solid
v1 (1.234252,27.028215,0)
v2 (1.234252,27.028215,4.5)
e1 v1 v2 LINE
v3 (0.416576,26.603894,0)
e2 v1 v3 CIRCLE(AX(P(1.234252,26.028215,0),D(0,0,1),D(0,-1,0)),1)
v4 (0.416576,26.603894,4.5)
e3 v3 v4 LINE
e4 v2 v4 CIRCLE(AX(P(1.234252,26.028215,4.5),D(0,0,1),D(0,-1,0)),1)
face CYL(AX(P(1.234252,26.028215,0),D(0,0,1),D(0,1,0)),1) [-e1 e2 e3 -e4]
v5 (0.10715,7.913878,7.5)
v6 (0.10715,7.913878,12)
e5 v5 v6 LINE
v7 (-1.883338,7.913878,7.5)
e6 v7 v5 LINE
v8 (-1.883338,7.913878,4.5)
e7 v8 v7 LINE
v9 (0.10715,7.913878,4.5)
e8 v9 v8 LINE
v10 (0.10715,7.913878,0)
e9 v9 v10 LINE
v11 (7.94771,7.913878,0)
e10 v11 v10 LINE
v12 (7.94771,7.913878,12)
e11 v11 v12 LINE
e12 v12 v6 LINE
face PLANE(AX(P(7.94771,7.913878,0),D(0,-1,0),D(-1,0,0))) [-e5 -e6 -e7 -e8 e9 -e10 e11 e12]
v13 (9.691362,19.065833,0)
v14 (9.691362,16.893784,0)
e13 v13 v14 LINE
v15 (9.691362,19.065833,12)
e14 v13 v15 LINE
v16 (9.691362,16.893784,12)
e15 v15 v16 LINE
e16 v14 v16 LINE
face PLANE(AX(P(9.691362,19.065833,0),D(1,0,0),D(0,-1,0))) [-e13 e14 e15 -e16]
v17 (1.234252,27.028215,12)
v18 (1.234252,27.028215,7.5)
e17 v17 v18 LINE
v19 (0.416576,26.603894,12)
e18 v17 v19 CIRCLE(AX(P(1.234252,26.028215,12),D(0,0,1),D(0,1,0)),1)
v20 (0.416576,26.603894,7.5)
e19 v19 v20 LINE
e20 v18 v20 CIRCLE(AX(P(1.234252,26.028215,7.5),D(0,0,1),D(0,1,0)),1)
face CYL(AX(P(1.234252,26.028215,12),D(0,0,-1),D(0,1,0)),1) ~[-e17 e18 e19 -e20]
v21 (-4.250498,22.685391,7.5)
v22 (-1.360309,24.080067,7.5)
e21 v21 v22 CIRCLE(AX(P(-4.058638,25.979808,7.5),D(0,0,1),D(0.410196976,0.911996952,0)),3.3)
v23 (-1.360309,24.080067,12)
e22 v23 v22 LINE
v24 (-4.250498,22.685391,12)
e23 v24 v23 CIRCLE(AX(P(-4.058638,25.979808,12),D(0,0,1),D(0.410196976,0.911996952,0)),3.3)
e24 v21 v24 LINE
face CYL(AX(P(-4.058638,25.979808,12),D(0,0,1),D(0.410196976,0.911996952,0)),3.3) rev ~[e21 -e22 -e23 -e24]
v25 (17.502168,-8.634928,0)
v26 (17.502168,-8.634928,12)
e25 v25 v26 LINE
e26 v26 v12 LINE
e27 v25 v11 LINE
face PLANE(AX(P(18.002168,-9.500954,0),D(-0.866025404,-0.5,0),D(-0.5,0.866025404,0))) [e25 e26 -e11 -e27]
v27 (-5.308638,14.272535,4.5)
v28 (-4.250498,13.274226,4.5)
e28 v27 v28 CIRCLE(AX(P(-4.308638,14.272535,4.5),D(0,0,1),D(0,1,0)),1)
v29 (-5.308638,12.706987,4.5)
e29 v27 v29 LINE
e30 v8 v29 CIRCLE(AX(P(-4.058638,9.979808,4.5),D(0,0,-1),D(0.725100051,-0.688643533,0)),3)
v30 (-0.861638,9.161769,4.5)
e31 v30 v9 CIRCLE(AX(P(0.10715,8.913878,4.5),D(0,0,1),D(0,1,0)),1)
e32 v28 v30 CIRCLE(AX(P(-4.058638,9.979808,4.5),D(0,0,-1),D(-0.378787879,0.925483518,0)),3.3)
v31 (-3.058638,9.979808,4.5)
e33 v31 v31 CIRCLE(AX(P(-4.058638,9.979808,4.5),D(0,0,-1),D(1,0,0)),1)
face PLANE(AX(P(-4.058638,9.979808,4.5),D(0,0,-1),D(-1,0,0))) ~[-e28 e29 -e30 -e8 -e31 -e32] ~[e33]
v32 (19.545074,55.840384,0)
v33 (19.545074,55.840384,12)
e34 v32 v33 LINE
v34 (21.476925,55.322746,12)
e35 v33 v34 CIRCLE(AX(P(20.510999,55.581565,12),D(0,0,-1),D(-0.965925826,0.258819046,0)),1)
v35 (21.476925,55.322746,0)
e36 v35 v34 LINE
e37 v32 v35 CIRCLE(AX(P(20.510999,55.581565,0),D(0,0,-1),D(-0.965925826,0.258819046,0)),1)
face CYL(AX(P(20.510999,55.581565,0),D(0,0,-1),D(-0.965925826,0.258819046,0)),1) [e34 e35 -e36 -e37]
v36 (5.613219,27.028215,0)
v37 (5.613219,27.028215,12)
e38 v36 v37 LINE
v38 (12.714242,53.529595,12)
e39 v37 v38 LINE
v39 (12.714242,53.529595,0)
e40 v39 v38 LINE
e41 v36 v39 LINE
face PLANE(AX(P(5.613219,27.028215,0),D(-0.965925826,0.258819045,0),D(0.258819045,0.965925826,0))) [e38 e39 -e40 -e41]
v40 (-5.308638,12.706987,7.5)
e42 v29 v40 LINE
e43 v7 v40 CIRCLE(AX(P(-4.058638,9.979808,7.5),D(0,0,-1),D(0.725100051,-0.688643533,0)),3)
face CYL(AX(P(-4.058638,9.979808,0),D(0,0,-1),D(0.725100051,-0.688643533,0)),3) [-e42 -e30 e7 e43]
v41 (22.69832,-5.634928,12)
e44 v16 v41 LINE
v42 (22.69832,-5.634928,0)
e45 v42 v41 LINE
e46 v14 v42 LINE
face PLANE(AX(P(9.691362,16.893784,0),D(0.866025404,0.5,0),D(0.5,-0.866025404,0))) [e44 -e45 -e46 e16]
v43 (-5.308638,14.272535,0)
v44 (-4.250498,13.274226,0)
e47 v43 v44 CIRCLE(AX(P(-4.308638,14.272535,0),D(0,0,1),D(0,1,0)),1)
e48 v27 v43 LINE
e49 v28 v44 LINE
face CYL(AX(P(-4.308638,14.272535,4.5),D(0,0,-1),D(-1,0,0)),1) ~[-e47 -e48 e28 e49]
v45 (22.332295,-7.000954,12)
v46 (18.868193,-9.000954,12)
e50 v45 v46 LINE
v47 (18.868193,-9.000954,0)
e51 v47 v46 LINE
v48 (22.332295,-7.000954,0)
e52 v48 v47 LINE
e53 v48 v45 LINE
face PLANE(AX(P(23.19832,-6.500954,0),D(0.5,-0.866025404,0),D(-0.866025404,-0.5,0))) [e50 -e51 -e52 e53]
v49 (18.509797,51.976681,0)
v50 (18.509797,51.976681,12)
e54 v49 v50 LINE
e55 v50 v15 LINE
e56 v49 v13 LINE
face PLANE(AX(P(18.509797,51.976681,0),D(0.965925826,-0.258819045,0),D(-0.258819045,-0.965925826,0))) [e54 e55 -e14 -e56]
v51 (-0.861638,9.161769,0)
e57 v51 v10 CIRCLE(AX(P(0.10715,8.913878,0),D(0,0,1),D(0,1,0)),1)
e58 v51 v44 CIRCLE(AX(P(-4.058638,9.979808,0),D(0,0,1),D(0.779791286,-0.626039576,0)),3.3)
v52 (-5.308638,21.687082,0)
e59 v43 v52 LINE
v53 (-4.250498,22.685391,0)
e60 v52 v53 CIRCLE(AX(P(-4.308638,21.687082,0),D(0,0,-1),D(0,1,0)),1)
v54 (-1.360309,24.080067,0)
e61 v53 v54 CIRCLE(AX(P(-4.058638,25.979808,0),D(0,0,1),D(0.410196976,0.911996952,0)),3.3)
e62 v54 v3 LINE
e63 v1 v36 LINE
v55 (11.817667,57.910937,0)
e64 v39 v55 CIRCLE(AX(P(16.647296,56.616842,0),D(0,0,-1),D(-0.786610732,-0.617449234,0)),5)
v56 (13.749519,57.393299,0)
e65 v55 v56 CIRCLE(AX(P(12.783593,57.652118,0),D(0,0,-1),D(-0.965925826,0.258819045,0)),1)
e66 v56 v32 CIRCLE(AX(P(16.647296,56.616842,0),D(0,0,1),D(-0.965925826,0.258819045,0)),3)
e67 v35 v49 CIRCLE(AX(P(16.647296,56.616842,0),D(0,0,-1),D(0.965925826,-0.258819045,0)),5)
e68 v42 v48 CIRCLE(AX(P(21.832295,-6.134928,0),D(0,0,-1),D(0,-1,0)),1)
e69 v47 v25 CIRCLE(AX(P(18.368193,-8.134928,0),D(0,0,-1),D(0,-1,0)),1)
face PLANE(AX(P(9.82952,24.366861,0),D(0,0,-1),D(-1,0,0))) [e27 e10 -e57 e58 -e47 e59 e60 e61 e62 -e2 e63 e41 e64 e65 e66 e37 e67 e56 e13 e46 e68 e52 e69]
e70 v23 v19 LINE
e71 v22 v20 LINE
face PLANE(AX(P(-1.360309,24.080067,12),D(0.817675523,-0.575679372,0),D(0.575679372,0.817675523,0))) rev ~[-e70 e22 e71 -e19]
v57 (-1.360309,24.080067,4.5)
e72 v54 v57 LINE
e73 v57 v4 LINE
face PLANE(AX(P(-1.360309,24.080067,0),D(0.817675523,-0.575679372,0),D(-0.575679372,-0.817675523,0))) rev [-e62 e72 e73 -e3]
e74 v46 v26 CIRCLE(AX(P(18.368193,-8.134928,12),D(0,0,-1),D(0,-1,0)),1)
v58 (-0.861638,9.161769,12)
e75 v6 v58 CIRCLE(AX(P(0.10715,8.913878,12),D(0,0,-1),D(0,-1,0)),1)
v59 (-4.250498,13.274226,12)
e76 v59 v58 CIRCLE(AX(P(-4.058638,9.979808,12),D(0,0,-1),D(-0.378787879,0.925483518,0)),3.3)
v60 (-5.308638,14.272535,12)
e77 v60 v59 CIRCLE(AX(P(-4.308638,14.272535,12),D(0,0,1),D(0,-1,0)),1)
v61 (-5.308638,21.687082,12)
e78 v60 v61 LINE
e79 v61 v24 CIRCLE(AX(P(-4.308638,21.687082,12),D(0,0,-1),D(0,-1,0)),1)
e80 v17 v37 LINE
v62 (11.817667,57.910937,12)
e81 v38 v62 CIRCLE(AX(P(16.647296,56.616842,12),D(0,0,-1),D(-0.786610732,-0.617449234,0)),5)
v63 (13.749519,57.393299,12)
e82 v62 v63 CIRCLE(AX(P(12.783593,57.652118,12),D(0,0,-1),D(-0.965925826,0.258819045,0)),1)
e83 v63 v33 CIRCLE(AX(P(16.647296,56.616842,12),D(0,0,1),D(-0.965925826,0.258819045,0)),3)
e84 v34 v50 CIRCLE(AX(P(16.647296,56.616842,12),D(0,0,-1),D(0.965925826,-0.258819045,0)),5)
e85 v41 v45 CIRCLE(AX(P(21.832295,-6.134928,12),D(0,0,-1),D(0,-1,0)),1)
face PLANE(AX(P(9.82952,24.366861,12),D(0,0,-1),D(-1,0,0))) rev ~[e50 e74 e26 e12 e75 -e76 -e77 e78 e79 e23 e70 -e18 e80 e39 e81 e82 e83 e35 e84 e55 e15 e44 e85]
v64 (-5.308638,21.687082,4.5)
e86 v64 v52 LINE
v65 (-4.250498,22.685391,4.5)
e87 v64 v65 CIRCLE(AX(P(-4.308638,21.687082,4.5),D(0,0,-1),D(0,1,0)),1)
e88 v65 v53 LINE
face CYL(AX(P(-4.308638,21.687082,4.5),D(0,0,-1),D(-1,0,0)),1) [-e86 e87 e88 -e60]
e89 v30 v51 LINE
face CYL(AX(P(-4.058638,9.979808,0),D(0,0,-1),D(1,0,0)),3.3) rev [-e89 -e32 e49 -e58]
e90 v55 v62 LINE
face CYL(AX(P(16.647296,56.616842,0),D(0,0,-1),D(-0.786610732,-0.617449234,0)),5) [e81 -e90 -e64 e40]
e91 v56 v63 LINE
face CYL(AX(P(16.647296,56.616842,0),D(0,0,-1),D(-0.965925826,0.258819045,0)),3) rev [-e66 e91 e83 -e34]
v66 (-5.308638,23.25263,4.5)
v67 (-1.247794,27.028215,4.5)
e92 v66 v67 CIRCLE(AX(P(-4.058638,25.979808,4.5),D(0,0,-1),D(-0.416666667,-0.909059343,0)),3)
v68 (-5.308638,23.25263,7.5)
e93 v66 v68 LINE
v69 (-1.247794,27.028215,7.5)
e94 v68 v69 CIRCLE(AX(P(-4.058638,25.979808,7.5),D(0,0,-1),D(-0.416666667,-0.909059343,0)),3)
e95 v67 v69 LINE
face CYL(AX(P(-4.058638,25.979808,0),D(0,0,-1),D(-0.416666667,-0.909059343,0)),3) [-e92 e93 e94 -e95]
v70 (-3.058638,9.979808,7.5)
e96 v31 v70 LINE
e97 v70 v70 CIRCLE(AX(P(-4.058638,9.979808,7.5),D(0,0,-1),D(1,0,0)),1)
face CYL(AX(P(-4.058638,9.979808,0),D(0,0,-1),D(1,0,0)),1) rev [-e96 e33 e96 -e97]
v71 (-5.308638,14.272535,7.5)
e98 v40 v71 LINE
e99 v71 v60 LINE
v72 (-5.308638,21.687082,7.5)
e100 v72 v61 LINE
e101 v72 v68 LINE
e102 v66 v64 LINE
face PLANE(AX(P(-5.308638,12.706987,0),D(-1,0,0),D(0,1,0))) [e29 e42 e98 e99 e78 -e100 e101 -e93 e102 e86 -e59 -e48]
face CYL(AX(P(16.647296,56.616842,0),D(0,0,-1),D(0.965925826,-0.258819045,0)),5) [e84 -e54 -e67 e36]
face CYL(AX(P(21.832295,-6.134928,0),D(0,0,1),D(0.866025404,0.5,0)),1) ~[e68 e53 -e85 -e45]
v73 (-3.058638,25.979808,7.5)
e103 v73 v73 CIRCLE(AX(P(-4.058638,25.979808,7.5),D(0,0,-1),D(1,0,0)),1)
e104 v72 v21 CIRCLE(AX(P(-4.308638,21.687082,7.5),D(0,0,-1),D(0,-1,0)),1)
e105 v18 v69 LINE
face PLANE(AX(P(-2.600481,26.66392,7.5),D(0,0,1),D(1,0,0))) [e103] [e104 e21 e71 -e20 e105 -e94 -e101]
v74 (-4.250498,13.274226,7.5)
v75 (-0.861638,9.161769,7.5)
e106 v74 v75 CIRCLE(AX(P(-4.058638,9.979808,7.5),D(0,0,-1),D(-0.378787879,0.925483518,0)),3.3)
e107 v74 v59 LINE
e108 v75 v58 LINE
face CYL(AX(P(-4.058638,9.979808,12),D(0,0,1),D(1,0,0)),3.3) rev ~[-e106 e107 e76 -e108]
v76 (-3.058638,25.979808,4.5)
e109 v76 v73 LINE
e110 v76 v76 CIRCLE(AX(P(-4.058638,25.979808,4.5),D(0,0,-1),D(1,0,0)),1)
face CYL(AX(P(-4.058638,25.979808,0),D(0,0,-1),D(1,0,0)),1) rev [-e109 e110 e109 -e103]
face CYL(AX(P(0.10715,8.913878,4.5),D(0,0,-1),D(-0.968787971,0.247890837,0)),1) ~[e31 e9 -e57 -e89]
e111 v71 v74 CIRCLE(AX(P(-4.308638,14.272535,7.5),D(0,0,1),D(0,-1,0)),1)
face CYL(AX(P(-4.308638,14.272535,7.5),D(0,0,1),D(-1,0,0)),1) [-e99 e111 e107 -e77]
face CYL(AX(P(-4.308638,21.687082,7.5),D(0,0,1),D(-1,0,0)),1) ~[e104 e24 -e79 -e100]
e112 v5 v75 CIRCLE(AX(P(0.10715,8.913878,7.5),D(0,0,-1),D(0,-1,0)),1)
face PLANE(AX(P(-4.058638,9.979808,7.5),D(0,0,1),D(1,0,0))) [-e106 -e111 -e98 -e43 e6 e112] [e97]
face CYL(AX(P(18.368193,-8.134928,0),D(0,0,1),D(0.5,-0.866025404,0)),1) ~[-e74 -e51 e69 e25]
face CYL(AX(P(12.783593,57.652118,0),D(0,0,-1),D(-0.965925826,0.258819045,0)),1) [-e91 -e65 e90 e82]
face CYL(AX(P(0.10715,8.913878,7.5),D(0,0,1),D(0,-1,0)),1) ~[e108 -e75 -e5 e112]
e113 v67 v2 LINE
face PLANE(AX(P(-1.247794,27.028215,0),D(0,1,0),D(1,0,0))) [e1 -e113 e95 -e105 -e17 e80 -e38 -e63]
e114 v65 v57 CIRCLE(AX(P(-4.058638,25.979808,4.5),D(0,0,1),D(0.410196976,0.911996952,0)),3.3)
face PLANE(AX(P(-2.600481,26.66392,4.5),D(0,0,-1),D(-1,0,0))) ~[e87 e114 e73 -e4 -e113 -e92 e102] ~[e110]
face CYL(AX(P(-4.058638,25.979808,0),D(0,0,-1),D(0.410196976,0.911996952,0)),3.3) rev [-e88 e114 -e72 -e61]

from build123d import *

# Parameters (mm, degrees)
SKETCH1_R           = 1
BOSS_EXTRUDE1_DEPTH = 12
SKETCH2_R           = 3.3
CUT_EXTRUDE1_DEPTH  = 4.5
FILLET1_R           = 1
FILLET2_R           = 1


with BuildPart() as part:
    # Sketch1 → Boss-Extrude1 (new body)
    with BuildSketch(Plane.XY):
        with BuildLine():
            Line((-5.308637939, 12.706986515), (-5.308637939, 23.252630458))
            ThreePointArc((-5.308637939, 23.252630458), (-6.101385458, 28.176893504), (-1.247793812, 27.02821456))
            Line((-1.247793812, 27.02821456), (5.613218796, 27.02821456))
            Line((5.613218796, 27.02821456), (12.714242382, 53.529595368))
            ThreePointArc((12.714242382, 53.529595368), (11.748807445, 55.614439687), (11.81766691, 57.910936764))
            ThreePointArc((11.81766691, 57.910936764), (13.042411781, 58.618043545), (13.749518562, 57.393298673))
            ThreePointArc((13.749518562, 57.393298673), (15.870838906, 53.719064059), (19.54507352, 55.840384403))
            ThreePointArc((19.54507352, 55.840384403), (20.769818391, 56.547491184), (21.476925173, 55.322746313))
            ThreePointArc((21.476925173, 55.322746313), (20.38831068, 53.299491772), (18.50979734, 51.976681098))
            Line((18.50979734, 51.976681098), (9.691362061, 19.065832594))
            Line((9.691362061, 19.065832594), (9.691362061, 16.893784379))
            Line((9.691362061, 16.893784379), (23.198320346, -6.500953627))
            Line((23.198320346, -6.500953627), (18.002167924, -9.500953627))
            Line((18.002167924, -9.500953627), (7.947710262, 7.913877886))
            Line((7.947710262, 7.913877886), (-1.883337786, 7.913877886))
            ThreePointArc((-1.883337786, 7.913877886), (-6.49944061, 8.235537199), (-5.308637939, 12.706986515))
        make_face()
        with Locations((-4.058637939, 25.979808487)):
            Circle(SKETCH1_R, mode=Mode.SUBTRACT)
        with Locations((-4.058637939, 9.979808487)):
            Circle(SKETCH1_R, mode=Mode.SUBTRACT)
    extrude(amount=BOSS_EXTRUDE1_DEPTH)

    # Sketch2 → Cut-Extrude1 (cut)
    with BuildSketch(Plane.XY.offset(12)):
        with Locations((-4.058637939, 9.979808487)):
            Circle(SKETCH2_R)
        with BuildLine():
            Line((-1.360308715, 24.080066558), (2.301920689, 29.28177342))
            Line((2.301920689, 29.28177342), (-2.704987918, 28.989398429))
            ThreePointArc((-2.704987918, 28.989398429), (-7.241406986, 25.108039484), (-1.360308715, 24.080066558))
        make_face()
    cut_extrude1 = extrude(amount=-CUT_EXTRUDE1_DEPTH, mode=Mode.SUBTRACT)

    # Mirror1: Cut-Extrude1 across plane
    add(cut_extrude1.mirror(Plane.XY.offset(6)), mode=Mode.SUBTRACT)

    # Fillet1
    fillet1_edges = [part.edges().sort_by_distance(p)[0] for p in [
        (-5.308637939, 22.925712876, 9.75),
        (-5.308637939, 13.033904097, 9.75),
        (0.715316572, 27.02821456, 9.75),
        (-1.485326696, 7.913877886, 9.75),
        (-5.308637939, 22.925712876, 2.25),
        (-5.308637939, 13.033904097, 2.25),
        (0.715316572, 27.02821456, 2.25),
        (-1.485326696, 7.913877886, 2.25),
    ]]
    fillet(fillet1_edges, radius=FILLET1_R)

    # Fillet2
    fillet2_edges = [part.edges().sort_by_distance(p)[0] for p in [
        (23.198320346, -6.500953627, 6),
        (18.002167924, -9.500953627, 6),
    ]]
    fillet(fillet2_edges, radius=FILLET2_R)


solid = part.part
